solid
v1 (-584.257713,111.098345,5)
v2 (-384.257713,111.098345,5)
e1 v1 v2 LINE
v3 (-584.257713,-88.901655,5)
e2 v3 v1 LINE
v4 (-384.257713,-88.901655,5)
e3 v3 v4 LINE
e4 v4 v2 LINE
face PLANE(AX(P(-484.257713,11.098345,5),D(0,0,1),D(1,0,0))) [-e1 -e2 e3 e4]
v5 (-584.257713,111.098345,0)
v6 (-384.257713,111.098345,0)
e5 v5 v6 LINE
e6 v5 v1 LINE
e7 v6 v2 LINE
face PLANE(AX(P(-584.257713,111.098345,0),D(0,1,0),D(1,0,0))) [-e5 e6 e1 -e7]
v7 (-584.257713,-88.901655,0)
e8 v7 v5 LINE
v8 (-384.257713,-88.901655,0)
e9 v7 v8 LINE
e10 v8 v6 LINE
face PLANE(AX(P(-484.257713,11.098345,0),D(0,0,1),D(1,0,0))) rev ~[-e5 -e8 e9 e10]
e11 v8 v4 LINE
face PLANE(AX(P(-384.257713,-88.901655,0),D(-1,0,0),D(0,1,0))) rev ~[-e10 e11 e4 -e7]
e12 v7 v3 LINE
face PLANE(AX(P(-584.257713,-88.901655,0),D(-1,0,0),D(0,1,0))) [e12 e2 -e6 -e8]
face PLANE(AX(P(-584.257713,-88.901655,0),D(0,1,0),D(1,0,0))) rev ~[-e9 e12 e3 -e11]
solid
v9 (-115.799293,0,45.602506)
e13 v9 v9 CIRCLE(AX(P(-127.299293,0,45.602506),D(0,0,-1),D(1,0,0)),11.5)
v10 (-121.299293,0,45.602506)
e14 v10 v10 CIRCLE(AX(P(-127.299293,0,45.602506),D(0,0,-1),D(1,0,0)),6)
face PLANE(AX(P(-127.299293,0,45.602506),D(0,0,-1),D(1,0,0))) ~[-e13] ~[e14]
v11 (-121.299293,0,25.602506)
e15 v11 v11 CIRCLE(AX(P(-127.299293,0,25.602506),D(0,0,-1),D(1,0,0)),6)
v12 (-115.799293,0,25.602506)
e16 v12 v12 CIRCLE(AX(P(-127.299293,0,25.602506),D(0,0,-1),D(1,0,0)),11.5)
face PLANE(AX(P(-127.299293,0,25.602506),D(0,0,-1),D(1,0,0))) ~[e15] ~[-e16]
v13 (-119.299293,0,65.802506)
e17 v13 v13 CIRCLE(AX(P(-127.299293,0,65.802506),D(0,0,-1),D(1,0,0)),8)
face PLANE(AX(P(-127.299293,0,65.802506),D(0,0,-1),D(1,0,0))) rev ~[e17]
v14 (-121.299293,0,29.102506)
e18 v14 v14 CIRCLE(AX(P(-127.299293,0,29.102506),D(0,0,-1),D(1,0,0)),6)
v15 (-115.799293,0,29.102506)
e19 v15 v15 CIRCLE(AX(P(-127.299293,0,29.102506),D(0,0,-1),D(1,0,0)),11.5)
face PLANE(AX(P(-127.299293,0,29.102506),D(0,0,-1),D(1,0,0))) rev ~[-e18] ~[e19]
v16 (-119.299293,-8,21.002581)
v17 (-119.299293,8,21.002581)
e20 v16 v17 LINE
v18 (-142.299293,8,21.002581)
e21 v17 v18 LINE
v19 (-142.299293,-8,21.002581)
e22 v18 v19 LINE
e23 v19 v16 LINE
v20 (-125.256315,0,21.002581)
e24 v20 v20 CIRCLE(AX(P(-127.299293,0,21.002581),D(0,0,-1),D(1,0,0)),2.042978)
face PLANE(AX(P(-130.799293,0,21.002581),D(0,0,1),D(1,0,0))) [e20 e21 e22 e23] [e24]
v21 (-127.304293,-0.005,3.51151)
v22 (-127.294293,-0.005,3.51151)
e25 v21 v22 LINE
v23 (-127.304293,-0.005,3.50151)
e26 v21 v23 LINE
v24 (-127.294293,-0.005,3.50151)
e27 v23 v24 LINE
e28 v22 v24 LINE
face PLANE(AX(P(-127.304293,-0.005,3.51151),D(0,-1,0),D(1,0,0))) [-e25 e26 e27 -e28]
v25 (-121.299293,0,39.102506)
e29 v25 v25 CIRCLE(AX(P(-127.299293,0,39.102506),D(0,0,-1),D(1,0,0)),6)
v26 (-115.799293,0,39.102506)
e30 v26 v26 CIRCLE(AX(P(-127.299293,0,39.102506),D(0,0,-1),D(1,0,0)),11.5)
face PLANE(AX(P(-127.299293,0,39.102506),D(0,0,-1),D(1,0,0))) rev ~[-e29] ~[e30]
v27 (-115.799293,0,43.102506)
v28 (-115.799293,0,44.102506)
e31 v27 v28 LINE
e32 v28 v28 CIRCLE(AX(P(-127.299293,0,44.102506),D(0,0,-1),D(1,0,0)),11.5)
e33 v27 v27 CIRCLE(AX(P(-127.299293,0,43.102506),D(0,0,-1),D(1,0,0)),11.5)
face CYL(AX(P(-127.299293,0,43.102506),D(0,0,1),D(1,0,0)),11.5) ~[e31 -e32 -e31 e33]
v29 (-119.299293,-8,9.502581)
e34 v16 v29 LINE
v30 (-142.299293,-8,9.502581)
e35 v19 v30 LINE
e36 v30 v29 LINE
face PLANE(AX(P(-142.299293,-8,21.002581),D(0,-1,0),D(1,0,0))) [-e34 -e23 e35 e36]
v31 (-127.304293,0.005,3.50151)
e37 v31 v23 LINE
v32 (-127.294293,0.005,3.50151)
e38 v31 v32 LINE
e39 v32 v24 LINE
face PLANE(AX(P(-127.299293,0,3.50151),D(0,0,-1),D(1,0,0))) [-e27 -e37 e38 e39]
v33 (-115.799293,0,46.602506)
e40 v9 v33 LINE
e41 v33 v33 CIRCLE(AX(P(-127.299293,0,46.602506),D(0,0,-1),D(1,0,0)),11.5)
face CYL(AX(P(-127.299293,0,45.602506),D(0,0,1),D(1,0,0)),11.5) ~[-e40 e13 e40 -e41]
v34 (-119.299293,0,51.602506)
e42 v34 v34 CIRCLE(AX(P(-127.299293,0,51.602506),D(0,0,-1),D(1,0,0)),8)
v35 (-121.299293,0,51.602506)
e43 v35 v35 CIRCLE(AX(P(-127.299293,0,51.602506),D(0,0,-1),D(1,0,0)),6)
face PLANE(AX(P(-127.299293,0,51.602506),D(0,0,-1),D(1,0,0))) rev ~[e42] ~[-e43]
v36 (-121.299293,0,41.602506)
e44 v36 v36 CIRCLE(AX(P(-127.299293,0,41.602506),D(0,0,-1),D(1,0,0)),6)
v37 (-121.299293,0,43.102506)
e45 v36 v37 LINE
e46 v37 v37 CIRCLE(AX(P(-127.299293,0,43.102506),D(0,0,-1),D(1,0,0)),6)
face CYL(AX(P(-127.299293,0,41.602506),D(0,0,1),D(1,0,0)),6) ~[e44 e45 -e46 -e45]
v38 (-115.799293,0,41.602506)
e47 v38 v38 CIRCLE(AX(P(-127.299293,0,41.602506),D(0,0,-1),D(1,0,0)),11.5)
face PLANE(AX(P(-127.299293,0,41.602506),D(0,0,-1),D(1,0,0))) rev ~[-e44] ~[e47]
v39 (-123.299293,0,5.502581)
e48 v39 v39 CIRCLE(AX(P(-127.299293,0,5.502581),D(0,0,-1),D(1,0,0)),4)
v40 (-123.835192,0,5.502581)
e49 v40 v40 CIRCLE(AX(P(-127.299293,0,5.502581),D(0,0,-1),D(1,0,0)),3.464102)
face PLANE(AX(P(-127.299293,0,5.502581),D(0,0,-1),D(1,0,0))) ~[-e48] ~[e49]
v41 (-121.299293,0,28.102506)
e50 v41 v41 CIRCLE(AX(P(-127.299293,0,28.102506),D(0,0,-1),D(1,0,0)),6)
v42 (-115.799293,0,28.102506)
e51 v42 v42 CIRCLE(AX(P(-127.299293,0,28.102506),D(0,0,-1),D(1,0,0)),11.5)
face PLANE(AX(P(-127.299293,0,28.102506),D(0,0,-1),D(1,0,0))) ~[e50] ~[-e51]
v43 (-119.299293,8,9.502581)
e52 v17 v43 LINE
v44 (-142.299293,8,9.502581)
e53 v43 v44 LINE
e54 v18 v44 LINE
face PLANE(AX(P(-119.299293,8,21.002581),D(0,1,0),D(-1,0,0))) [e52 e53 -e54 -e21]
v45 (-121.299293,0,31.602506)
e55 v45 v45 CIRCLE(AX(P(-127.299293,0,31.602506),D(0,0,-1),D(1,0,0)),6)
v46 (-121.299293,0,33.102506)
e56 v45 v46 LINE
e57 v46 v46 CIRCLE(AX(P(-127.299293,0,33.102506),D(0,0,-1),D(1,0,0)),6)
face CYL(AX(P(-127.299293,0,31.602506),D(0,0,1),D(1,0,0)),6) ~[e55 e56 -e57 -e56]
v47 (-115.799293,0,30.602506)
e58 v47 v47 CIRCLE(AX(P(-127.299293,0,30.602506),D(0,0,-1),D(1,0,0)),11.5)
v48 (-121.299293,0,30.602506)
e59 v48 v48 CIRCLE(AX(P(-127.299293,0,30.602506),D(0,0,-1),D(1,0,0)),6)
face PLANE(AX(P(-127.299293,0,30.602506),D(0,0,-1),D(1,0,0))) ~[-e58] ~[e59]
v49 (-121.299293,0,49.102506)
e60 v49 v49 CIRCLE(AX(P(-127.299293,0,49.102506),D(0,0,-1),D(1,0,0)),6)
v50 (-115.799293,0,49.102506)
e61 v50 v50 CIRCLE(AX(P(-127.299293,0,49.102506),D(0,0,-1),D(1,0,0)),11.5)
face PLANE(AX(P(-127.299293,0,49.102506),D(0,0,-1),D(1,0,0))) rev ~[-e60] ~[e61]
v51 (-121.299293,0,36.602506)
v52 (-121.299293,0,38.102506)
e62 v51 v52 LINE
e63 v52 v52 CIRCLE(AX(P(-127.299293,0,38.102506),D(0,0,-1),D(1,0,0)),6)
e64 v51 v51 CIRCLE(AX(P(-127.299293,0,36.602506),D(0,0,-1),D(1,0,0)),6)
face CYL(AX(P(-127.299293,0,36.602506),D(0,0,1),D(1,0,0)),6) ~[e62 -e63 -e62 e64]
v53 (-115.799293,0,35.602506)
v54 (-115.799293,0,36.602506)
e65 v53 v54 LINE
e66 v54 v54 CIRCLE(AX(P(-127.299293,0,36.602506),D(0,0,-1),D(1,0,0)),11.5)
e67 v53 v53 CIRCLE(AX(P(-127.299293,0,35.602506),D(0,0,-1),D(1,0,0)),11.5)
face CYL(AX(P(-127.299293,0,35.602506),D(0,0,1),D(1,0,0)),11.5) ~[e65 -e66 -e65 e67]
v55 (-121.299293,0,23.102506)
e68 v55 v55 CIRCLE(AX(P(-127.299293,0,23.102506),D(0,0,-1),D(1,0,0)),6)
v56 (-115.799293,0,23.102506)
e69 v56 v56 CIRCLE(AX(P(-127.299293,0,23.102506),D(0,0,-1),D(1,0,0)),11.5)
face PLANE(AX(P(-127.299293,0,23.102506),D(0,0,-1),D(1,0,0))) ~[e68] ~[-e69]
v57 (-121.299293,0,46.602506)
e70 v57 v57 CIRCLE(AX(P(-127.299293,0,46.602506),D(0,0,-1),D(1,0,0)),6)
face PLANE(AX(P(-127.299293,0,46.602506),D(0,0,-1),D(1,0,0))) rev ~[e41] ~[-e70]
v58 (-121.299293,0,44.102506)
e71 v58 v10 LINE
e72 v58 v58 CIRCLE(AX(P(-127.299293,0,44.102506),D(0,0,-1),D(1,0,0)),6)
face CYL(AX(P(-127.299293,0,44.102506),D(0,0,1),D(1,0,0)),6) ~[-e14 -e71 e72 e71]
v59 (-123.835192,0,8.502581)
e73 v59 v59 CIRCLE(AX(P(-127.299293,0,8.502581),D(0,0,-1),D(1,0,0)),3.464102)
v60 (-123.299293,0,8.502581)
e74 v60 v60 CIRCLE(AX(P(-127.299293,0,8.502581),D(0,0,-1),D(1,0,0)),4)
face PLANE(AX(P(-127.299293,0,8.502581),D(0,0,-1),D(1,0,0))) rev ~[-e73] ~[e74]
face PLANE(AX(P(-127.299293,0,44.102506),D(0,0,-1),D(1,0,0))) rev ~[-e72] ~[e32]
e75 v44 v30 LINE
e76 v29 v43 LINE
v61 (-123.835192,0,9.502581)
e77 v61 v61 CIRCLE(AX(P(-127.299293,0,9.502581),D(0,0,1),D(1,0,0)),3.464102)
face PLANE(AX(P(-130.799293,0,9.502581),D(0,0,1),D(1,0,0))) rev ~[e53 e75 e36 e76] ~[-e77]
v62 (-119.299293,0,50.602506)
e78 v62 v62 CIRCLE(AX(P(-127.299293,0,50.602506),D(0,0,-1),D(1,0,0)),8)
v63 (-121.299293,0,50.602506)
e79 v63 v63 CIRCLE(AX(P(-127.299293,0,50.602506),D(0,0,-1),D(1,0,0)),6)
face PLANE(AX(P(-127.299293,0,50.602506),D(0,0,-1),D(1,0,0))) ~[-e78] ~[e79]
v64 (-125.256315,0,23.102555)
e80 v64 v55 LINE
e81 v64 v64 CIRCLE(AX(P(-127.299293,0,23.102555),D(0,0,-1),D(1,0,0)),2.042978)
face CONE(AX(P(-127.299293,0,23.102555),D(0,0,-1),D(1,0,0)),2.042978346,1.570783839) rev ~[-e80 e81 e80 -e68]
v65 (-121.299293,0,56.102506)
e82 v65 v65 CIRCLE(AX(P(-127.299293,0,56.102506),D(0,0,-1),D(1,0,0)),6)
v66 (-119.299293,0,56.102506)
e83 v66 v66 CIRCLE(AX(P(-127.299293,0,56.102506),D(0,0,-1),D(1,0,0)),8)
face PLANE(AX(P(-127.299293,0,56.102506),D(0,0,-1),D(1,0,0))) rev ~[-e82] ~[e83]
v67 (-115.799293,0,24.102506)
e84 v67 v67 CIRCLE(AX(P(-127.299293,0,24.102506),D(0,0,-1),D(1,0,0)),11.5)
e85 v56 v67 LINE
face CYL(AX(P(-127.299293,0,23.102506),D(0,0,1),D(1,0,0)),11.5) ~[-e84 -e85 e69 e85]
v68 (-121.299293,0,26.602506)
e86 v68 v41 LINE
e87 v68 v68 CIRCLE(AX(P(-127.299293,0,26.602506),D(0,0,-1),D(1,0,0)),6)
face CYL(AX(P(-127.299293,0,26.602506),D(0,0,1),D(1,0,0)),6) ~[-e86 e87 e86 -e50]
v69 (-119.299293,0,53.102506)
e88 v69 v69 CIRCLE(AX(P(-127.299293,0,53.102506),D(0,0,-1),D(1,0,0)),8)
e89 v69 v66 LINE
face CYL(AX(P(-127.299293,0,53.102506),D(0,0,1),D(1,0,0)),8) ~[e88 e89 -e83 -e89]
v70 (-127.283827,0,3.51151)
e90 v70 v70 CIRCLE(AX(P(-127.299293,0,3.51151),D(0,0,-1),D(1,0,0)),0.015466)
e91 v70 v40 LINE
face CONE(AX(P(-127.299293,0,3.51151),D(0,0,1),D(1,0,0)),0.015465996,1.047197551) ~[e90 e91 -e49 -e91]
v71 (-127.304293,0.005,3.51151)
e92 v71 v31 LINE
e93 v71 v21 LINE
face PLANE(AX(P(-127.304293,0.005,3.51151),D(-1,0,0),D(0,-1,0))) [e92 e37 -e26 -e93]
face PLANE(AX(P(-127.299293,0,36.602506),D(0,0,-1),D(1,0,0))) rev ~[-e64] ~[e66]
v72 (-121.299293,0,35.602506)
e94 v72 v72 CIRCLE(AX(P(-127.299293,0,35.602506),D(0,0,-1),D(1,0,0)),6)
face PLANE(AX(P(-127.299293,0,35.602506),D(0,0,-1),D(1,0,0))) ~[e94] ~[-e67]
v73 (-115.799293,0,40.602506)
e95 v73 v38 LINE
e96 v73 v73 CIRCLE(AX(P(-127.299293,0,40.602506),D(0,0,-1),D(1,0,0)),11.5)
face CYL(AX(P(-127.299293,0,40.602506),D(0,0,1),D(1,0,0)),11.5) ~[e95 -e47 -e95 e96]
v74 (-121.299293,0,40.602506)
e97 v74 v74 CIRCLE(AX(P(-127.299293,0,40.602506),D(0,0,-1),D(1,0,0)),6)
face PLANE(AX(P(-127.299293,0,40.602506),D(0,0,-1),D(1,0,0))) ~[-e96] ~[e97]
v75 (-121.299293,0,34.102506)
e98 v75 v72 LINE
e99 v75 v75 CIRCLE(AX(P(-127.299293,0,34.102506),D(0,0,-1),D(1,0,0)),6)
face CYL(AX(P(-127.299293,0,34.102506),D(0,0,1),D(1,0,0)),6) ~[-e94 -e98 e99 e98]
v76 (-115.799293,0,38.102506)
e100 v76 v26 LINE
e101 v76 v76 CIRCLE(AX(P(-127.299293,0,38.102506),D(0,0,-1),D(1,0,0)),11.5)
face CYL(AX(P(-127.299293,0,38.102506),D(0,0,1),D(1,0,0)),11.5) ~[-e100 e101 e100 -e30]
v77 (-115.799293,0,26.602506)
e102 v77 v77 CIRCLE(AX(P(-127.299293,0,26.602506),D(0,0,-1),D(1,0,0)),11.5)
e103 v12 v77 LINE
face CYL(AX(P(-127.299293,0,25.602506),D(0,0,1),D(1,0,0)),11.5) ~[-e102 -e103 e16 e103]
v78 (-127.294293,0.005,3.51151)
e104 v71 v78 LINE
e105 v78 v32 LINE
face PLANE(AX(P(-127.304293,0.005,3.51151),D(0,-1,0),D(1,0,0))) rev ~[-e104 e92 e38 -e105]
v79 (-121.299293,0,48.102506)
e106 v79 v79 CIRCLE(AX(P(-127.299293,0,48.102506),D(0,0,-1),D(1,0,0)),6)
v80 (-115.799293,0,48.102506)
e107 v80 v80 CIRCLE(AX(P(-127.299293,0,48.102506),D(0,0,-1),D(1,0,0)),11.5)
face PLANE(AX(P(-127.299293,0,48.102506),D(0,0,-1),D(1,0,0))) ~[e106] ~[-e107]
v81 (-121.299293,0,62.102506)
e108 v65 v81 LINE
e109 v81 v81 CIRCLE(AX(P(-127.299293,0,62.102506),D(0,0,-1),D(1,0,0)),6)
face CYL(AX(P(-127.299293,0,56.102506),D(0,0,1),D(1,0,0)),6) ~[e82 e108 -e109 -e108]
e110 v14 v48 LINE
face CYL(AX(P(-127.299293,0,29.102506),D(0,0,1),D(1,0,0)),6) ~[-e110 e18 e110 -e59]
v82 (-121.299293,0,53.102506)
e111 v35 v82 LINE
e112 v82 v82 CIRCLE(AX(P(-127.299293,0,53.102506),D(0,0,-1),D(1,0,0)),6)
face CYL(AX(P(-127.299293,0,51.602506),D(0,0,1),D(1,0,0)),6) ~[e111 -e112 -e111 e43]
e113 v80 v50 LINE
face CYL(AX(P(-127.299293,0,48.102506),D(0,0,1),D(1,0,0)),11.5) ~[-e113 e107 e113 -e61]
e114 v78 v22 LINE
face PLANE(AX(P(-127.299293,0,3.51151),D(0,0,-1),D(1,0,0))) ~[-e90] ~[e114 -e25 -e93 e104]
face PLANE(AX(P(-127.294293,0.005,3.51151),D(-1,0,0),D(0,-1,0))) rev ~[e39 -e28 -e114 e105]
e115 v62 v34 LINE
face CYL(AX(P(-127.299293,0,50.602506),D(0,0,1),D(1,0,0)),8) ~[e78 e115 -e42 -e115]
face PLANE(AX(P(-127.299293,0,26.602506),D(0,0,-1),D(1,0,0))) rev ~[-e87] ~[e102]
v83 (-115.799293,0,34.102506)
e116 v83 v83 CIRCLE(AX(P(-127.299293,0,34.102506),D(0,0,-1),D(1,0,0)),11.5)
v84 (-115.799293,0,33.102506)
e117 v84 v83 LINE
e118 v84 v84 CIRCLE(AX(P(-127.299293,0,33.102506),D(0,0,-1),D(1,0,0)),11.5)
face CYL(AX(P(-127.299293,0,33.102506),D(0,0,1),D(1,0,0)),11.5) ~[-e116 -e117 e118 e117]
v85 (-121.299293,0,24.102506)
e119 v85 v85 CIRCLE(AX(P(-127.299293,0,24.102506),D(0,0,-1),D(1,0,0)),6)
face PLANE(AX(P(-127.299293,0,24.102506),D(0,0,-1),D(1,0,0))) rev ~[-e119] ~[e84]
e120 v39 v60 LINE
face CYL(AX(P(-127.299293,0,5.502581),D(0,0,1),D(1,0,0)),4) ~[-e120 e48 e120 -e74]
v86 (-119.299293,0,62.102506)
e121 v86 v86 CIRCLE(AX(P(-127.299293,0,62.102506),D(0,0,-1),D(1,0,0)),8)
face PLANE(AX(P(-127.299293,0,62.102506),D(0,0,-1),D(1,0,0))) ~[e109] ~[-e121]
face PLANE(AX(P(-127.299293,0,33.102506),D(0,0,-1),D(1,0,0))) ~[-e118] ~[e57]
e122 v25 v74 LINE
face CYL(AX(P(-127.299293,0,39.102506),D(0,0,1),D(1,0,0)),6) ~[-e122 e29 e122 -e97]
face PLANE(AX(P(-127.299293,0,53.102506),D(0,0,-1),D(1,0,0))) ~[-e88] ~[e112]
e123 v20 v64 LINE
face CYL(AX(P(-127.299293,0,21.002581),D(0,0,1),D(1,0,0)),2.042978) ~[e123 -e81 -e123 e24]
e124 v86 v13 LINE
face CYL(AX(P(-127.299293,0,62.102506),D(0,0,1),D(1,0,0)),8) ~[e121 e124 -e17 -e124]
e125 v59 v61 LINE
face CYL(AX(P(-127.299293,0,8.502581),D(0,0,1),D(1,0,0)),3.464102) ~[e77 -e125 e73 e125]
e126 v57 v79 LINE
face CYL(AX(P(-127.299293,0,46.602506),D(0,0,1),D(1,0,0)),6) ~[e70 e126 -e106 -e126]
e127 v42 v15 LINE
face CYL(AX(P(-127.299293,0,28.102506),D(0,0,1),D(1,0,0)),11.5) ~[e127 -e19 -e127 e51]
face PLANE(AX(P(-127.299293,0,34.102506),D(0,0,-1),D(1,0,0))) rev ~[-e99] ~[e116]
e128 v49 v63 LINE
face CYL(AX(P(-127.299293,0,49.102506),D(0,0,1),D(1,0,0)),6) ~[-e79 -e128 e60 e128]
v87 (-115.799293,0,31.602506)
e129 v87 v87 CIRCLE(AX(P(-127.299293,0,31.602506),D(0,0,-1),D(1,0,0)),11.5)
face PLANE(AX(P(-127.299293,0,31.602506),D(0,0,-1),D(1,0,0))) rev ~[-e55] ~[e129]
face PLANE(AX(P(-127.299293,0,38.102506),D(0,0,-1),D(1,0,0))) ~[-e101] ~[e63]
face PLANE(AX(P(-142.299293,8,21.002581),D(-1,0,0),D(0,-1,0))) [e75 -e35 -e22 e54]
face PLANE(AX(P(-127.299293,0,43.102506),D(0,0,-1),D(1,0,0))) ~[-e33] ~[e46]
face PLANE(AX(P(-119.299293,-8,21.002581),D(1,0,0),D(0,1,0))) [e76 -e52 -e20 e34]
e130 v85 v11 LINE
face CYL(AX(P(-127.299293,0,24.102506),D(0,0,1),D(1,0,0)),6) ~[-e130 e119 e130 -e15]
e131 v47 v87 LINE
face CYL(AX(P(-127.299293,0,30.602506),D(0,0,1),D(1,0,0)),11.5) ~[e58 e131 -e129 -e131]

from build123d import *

# Parameters (mm, degrees)
F2_W     = 200
F2_H     = 200
F3_DEPTH = 5
F6_DEPTH = 11.5
F7_W     = 0.01
F7_H     = 0.01
F8_DEPTH = 0.01


with BuildPart() as f1:
    # F0 (on Front) → F1 (revolve)
    with BuildSketch(Plane.XZ):
        Polygon((-119.29929322, 65.8025058679), (-127.29929322, 65.8025058679), (-127.29929322, 23.1025807939), (-127.29929322, 21.0025807939), (-127.29929322, 16.0025807939), (-127.29929322, 5.5025807939), (-127.29929322, 3.5115100909), (-127.2838272239, 3.5115100909), (-123.8351916049, 5.5025807939), (-123.29929322, 5.5025807939), (-123.29929322, 8.5025807939), (-123.8351916049, 8.5025807939), (-123.8351916049, 16.0025807939), (-124.8351916049, 16.0025807939), (-124.8351916049, 21.0025807939), (-125.2563148737, 21.0025807939), (-125.2563148737, 23.1025552818), (-121.29929322, 23.1025058679), (-115.79929322, 23.1025058679), (-115.79929322, 24.1025058679), (-121.29929322, 24.1025058679), (-121.29929322, 25.6025058679), (-115.79929322, 25.6025058679), (-115.79929322, 26.6025058679), (-121.29929322, 26.6025058679), (-121.29929322, 28.1025058679), (-115.79929322, 28.1025058679), (-115.79929322, 29.1025058679), (-121.29929322, 29.1025058679), (-121.29929322, 30.6025058679), (-115.79929322, 30.6025058679), (-115.79929322, 31.6025058679), (-121.29929322, 31.6025058679), (-121.29929322, 33.1025058679), (-115.79929322, 33.1025058679), (-115.79929322, 34.1025058679), (-121.29929322, 34.1025058679), (-121.29929322, 35.6025058679), (-115.79929322, 35.6025058679), (-115.79929322, 36.6025058679), (-121.29929322, 36.6025058679), (-121.29929322, 38.1025058679), (-115.79929322, 38.1025058679), (-115.79929322, 39.1025058679), (-121.29929322, 39.1025058679), (-121.29929322, 40.6025058679), (-115.79929322, 40.6025058679), (-115.79929322, 41.6025058679), (-121.29929322, 41.6025058679), (-121.29929322, 43.1025058679), (-115.79929322, 43.1025058679), (-115.79929322, 44.1025058679), (-121.29929322, 44.1025058679), (-121.29929322, 45.6025058679), (-115.79929322, 45.6025058679), (-115.79929322, 46.6025058679), (-121.29929322, 46.6025058679), (-121.29929322, 48.1025058679), (-115.79929322, 48.1025058679), (-115.79929322, 49.1025058679), (-121.29929322, 49.1025058679), (-121.29929322, 50.6025058679), (-119.29929322, 50.6025058679), (-119.29929322, 51.6025058679), (-121.29929322, 51.6025058679), (-121.29929322, 53.1025058679), (-119.29929322, 53.1025058679), (-119.29929322, 56.1025058679), (-121.29929322, 56.1025058679), (-121.29929322, 62.1025058679), (-119.29929322, 62.1025058679), align=None)
    revolve(axis=Axis((-127.29929322, 0, 44.4525433309), (0, 0, -1)))

    # F5 (on offset) → F6 (join)
    with BuildSketch(Plane.XY.offset(21.0025807939)):
        Polygon((-142.29929322, 8), (-142.29929322, -8), (-119.29929322, -8), (-119.29929322, 0), (-119.29929322, 8), align=None)
    extrude(amount=-F6_DEPTH)

    # F7 (on face) → F8 (join)
    with BuildSketch(Plane(origin=(0, 0, 3.5115100909), x_dir=(1, 0, 0), z_dir=(0, 0, -1))):
        with Locations((-127.29929322, 0)):
            Rectangle(F7_W, F7_H)
    extrude(amount=F8_DEPTH)


with BuildPart() as f3:
    # F2 (on Top) → F3 (new body)
    with BuildSketch(Plane.XY):
        with Locations((-484.2577129602, 11.0983447434)):
            Rectangle(F2_W, F2_H)
    extrude(amount=F3_DEPTH)


solid = Compound([f1.part, f3.part])
